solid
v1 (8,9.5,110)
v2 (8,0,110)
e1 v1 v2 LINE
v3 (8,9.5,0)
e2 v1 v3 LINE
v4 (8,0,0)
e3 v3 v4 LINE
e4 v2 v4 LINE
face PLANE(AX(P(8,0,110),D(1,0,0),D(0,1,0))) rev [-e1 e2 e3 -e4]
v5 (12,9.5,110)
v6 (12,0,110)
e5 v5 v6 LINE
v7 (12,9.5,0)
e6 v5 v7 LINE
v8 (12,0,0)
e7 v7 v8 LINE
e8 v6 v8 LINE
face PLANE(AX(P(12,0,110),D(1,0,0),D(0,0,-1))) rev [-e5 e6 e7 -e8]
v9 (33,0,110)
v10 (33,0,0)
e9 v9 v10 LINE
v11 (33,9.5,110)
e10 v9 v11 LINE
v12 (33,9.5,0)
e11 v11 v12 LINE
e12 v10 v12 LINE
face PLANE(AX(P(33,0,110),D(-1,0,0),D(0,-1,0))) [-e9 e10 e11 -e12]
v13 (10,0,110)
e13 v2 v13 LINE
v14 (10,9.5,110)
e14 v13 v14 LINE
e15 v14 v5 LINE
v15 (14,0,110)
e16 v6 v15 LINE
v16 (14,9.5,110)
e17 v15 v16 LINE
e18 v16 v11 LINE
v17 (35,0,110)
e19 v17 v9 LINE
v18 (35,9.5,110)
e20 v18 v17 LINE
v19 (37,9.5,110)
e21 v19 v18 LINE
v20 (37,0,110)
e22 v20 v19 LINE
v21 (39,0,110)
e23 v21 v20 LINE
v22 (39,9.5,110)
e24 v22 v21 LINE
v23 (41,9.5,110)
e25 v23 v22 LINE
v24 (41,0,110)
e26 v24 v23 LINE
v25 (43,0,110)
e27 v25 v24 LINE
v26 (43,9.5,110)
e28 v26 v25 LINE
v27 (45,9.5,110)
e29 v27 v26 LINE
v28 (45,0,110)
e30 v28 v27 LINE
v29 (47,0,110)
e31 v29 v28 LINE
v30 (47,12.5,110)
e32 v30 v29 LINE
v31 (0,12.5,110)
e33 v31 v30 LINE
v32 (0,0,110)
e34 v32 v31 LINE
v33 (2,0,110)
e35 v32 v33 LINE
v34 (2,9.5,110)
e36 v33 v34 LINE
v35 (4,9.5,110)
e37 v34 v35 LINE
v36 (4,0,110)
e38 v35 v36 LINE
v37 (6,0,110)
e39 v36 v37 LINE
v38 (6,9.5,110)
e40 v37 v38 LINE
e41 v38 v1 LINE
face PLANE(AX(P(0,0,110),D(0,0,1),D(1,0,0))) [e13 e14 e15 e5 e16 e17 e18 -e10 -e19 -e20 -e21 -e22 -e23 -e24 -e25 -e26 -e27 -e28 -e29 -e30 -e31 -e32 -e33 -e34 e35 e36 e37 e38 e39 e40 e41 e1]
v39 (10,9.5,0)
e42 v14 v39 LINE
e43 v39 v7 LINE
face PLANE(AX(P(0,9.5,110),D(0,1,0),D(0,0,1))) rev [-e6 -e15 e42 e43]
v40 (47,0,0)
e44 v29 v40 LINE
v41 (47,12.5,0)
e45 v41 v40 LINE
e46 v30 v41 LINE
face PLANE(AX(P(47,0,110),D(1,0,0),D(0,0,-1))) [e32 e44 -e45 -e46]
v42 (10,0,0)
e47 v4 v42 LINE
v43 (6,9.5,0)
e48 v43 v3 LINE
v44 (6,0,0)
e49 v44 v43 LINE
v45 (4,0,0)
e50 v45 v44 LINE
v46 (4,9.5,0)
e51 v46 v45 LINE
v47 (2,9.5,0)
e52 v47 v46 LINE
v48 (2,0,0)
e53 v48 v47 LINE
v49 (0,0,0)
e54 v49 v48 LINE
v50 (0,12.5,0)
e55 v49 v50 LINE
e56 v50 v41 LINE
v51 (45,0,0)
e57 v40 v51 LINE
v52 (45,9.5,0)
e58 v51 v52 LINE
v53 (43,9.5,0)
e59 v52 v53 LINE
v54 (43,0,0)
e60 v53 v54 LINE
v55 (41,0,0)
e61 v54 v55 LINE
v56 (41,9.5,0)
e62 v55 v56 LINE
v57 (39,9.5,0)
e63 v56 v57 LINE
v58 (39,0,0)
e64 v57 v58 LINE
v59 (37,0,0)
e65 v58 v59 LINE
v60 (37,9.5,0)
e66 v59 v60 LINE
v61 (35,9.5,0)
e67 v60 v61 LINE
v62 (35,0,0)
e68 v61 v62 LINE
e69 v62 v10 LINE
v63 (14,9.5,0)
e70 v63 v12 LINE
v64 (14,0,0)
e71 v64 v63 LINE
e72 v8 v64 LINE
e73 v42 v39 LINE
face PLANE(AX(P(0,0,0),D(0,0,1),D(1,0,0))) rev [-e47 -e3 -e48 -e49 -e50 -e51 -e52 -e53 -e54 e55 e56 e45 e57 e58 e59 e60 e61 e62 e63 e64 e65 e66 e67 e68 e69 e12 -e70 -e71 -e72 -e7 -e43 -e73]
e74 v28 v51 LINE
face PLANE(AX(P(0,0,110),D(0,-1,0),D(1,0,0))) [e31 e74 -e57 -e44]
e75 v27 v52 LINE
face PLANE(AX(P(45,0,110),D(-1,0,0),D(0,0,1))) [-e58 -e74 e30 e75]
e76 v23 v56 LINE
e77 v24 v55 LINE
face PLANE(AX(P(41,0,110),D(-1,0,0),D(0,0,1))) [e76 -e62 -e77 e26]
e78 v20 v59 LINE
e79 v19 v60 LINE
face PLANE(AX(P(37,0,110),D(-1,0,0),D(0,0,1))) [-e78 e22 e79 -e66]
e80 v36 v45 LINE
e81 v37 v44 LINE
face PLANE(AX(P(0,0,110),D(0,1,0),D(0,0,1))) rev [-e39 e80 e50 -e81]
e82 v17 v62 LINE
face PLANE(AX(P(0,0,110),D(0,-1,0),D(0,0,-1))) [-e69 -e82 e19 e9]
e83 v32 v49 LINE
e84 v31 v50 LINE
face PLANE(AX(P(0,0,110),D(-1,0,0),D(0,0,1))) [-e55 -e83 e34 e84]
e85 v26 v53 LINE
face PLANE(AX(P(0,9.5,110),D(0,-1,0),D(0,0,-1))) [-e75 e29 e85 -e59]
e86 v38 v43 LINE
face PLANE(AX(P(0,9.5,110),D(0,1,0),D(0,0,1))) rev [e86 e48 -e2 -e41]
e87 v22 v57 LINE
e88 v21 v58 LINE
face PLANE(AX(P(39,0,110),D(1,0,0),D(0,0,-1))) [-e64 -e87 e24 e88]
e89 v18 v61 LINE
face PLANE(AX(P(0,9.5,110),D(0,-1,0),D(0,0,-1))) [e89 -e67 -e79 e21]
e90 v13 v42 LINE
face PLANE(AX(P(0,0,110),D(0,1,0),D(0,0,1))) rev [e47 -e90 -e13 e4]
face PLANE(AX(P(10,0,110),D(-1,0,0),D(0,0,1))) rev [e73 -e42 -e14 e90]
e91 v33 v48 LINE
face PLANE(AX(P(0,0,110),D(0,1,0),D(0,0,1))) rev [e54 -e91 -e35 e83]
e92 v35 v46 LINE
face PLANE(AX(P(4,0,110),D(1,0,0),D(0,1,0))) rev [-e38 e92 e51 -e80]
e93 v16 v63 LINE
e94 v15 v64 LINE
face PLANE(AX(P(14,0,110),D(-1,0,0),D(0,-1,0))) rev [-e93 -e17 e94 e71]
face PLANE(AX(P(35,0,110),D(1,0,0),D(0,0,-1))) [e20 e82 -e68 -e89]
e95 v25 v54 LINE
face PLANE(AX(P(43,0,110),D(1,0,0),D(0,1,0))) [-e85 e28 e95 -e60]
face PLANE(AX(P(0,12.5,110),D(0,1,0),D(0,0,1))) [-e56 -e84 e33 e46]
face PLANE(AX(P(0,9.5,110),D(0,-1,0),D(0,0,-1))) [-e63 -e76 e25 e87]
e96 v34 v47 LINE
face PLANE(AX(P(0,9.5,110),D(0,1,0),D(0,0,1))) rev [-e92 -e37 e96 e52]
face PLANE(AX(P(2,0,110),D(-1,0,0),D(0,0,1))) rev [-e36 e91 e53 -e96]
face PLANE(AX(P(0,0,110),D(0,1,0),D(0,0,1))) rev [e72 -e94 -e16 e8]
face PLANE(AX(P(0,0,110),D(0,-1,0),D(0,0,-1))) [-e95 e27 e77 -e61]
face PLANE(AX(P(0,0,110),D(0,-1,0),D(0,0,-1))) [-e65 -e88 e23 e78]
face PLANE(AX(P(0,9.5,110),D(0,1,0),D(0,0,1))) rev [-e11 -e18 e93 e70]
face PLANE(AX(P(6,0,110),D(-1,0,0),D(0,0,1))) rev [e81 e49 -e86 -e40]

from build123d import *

# Parameters (mm, degrees)
BOSS_EXTRUDE1_DEPTH = 110


with BuildPart() as part:
    # Sketch1 → Boss-Extrude1 (new body)
    with BuildSketch(Plane.XY):
        Polygon((0, 12.5), (0, 0), (2, 0), (2, 9.5), (4, 9.5), (4, 0), (6, 0), (6, 9.5), (8, 9.5), (8, 0), (10, 0), (10, 9.5), (12, 9.5), (12, 0), (14, 0), (14, 9.5), (23.5, 9.5), (23.5, 12.5), align=None)
        Polygon((47, 12.5), (23.5, 12.5), (23.5, 9.5), (33, 9.5), (33, 0), (35, 0), (35, 9.5), (37, 9.5), (37, 0), (39, 0), (39, 9.5), (41, 9.5), (41, 0), (43, 0), (43, 9.5), (45, 9.5), (45, 0), (47, 0), align=None)
    extrude(amount=BOSS_EXTRUDE1_DEPTH)


solid = part.part
